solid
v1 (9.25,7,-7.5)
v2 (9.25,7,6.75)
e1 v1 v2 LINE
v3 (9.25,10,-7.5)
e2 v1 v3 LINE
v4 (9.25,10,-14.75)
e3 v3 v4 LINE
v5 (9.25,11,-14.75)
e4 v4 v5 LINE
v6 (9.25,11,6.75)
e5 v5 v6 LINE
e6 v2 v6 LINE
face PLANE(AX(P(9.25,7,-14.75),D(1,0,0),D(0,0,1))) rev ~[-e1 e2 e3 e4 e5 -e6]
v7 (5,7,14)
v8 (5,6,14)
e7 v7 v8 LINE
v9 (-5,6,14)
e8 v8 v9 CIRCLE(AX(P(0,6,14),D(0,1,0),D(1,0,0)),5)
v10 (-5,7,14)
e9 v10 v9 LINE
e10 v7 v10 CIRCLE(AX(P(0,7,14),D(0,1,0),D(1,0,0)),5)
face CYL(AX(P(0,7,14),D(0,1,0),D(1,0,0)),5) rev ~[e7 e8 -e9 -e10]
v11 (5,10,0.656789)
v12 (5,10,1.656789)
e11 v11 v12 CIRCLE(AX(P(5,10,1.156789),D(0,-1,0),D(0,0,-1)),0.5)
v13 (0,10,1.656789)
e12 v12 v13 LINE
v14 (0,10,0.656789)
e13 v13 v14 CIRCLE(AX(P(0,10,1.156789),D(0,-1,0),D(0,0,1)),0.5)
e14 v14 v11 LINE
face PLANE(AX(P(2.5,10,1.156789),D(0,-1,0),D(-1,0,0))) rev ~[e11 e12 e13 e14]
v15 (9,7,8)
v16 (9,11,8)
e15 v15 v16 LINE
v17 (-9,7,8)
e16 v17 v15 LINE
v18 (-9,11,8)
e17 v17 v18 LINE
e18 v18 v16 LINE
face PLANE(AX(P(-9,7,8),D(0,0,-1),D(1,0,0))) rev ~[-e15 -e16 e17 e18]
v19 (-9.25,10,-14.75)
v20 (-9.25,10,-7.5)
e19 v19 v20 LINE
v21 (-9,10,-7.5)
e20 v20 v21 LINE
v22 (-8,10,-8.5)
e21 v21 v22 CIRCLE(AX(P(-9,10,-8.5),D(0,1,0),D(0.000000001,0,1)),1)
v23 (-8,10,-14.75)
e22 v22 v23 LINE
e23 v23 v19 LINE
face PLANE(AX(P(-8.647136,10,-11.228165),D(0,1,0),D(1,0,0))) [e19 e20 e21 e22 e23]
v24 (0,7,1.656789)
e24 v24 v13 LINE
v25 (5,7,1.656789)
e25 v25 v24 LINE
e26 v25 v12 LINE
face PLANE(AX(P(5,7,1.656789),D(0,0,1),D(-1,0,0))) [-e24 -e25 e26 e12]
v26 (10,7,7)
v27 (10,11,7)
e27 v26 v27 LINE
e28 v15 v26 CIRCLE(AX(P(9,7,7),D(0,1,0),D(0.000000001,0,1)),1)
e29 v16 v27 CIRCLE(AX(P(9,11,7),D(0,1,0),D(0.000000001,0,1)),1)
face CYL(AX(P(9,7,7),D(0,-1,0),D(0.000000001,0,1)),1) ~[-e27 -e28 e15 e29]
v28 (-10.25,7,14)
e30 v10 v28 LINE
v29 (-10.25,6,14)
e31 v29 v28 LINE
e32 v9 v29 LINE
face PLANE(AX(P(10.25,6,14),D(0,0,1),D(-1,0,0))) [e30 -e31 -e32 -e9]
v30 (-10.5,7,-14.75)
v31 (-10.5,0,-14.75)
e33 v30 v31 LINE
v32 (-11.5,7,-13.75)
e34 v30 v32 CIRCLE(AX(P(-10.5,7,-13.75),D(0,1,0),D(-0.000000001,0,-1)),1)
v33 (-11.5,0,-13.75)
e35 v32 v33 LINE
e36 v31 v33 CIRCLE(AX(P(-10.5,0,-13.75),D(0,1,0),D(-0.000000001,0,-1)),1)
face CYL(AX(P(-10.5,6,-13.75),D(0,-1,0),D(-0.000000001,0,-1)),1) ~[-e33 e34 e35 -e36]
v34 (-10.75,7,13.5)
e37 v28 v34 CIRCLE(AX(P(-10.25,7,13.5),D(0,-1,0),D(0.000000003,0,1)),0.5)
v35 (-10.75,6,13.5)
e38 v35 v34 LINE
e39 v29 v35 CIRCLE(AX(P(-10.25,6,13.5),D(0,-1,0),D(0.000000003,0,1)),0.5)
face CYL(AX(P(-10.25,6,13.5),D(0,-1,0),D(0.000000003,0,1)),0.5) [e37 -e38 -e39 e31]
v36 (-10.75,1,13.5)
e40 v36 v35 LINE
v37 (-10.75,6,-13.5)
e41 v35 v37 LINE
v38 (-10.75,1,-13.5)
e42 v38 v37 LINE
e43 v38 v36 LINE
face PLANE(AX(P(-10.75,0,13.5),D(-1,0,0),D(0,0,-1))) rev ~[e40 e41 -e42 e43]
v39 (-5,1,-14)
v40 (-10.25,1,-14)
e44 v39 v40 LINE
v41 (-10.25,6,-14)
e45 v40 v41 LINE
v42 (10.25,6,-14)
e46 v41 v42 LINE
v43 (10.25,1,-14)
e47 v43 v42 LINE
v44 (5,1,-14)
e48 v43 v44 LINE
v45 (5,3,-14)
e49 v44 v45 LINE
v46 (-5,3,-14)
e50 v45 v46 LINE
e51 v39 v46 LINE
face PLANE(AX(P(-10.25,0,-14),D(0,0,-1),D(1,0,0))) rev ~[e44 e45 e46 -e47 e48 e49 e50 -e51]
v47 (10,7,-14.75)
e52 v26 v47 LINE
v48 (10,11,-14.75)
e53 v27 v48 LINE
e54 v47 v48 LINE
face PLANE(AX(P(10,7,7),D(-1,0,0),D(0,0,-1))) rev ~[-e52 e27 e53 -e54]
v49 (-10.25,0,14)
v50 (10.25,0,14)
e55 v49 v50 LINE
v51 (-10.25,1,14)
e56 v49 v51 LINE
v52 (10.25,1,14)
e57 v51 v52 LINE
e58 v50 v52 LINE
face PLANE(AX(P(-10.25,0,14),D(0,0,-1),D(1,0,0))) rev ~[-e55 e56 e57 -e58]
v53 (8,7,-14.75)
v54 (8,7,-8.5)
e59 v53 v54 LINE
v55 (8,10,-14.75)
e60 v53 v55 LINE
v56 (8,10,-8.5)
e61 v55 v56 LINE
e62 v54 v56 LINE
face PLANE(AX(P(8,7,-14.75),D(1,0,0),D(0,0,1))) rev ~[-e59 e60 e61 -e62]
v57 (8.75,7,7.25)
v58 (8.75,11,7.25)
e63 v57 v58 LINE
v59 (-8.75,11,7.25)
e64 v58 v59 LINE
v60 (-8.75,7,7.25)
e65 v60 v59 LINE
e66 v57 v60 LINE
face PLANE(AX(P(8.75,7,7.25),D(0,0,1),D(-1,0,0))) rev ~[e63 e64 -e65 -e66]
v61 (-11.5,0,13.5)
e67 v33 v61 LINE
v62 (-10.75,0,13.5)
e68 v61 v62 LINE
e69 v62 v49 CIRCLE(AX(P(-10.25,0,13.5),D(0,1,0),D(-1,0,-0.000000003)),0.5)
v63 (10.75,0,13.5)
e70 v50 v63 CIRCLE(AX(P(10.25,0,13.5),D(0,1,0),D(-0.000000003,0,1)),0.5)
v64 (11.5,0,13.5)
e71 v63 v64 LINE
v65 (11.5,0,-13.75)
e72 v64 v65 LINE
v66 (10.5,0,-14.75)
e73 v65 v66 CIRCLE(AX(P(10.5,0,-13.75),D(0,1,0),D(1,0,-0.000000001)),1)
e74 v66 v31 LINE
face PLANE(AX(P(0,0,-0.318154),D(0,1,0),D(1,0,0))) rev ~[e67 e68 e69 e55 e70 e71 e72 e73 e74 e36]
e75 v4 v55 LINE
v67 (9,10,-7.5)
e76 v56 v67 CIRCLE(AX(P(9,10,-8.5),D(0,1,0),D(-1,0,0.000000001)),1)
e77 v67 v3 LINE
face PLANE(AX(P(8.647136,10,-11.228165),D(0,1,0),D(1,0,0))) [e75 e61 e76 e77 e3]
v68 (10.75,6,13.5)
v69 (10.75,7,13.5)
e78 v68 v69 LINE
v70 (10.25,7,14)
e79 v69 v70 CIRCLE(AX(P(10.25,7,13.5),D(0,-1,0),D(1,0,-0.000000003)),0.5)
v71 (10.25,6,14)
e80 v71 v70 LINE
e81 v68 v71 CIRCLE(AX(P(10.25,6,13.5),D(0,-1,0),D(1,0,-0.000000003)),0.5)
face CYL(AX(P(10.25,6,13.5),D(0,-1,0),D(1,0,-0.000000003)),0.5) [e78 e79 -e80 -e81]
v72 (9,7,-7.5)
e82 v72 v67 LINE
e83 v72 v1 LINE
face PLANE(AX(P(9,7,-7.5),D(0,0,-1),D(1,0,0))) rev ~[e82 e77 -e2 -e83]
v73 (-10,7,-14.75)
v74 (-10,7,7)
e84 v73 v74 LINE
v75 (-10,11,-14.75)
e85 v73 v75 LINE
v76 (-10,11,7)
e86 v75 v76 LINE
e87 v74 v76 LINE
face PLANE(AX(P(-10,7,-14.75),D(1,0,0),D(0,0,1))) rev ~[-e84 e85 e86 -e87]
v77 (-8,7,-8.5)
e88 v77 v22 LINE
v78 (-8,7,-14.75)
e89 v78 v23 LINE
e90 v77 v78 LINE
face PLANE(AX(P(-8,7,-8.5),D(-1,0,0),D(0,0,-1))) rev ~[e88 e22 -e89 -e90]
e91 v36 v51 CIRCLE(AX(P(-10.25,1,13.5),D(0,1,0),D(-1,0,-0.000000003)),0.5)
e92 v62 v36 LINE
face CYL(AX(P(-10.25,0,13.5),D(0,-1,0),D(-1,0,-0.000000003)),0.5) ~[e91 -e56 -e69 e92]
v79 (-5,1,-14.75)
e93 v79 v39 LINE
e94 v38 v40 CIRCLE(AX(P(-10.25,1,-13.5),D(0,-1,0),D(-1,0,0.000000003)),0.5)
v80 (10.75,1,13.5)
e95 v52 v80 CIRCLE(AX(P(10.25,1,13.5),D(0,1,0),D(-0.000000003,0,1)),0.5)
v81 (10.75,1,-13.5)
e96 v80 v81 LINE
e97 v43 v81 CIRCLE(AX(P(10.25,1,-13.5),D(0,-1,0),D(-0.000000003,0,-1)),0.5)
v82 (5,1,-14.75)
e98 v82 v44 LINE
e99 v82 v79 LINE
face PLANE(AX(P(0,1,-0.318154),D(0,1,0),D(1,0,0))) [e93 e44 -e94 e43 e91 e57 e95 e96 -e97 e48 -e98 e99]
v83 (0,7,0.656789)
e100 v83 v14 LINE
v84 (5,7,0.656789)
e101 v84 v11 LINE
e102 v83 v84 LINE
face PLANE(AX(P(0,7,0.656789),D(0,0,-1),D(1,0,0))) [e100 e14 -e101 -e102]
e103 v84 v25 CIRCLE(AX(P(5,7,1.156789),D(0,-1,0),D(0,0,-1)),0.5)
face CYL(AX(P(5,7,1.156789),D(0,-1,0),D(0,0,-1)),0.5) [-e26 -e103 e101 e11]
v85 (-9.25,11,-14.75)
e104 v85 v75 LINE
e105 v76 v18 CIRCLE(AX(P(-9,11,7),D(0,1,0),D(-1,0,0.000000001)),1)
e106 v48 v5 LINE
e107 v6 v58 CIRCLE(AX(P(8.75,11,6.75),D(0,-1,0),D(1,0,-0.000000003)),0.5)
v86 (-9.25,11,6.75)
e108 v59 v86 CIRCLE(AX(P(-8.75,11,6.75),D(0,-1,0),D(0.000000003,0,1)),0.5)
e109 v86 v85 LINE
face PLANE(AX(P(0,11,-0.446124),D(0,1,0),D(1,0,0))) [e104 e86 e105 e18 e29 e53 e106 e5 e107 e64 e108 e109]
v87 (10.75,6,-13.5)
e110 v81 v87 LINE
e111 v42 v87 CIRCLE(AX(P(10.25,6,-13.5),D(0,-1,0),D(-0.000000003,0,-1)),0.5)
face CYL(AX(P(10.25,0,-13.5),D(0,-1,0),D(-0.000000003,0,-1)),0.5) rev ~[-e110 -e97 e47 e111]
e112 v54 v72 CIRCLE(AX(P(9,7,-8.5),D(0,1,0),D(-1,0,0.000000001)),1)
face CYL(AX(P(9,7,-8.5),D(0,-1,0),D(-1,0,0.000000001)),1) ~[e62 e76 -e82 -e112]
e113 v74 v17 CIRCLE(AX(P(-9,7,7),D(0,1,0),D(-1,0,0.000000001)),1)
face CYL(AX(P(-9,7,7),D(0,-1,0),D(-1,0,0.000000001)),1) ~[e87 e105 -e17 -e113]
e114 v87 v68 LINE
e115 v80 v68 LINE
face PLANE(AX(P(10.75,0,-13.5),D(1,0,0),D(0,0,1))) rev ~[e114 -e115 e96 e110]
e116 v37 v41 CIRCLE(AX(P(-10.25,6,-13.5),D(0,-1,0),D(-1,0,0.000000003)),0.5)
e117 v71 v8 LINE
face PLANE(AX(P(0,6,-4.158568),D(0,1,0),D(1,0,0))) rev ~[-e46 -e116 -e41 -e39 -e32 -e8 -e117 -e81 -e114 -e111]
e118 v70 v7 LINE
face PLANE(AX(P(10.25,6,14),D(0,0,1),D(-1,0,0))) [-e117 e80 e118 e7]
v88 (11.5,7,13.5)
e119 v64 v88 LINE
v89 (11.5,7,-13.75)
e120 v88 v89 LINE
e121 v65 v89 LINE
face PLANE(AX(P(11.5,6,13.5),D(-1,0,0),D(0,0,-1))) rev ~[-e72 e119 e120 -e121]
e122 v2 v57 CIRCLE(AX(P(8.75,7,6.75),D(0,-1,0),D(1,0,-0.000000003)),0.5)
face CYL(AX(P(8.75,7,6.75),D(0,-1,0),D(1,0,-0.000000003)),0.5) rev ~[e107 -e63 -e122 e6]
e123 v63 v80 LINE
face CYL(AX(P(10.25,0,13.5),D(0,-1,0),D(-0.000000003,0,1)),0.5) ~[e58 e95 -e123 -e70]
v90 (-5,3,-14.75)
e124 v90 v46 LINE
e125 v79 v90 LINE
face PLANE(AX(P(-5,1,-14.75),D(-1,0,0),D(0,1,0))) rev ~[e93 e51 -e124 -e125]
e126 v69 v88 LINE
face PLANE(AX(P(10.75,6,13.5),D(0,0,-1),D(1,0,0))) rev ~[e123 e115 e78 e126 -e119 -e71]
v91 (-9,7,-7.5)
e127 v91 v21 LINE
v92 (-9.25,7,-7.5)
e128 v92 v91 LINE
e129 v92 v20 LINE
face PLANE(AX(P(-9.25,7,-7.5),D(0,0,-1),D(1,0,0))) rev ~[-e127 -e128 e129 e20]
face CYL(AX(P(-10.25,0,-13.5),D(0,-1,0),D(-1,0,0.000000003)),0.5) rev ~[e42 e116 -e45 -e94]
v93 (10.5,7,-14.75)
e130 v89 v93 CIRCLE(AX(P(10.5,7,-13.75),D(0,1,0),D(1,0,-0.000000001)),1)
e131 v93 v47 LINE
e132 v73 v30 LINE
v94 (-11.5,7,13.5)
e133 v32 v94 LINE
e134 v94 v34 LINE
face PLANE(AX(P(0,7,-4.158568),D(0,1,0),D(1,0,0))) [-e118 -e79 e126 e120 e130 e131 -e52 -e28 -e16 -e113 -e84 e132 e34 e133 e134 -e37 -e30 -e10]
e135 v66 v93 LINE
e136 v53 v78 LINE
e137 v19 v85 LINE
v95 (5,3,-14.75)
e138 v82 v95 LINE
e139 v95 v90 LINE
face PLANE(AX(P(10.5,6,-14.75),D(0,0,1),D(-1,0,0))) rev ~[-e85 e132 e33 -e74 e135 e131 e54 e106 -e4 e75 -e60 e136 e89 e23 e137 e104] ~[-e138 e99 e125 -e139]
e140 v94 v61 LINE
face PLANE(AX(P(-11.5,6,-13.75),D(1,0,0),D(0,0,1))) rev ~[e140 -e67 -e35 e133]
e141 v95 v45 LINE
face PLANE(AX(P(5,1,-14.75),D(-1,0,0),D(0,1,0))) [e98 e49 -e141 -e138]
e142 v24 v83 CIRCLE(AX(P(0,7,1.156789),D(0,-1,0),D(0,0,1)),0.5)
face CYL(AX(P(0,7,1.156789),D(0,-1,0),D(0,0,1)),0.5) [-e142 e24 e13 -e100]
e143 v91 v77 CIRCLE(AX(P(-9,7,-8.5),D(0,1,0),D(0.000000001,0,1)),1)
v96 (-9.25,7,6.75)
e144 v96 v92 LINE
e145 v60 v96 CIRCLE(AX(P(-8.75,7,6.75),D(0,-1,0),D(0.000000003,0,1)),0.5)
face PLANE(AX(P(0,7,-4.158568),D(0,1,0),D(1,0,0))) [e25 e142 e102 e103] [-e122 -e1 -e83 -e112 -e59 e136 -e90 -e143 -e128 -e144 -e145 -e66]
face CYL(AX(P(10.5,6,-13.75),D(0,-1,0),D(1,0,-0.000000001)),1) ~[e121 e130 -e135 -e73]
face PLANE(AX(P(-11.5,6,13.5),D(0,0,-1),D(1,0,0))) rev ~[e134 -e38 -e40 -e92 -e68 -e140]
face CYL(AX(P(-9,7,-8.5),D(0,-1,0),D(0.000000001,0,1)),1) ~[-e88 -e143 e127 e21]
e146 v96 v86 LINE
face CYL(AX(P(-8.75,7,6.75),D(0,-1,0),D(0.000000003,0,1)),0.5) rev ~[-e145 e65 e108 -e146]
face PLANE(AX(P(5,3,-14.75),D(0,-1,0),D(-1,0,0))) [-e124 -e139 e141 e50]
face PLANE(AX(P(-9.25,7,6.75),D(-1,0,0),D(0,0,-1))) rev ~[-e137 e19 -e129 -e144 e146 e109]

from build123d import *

# Parameters (mm, degrees)
BOSS_EXTRUDE23_DEPTH = 1
BOSS_EXTRUDE27_DEPTH = 6
BOSS_EXTRUDE28_START = 6
BOSS_EXTRUDE28_DEPTH = 1
CUT_EXTRUDE9_DEPTH   = 1
SKETCH15_W           = 10
SKETCH15_H           = 2
CUT_EXTRUDE11_DEPTH  = 10
BOSS_EXTRUDE30_DEPTH = 4
BOSS_EXTRUDE31_DEPTH = 3


with BuildPart() as part:
    # Sketch10 → Boss-Extrude23 (new body)
    with BuildSketch(Plane(origin=(0, 0, 0), x_dir=(1, 0, 0), z_dir=(0, 1, 0))):
        with BuildLine():
            Line((-11.5, -13.5), (-10.75, -13.5))
            ThreePointArc((-10.75, -13.5), (-10.603553391, -13.853553391), (-10.25, -14))
            Line((-10.25, -14), (10.25, -14))
            ThreePointArc((10.25, -14), (10.603553391, -13.853553391), (10.75, -13.5))
            Line((10.75, -13.5), (11.5, -13.5))
            Line((11.5, -13.5), (11.5, 13.75))
            ThreePointArc((11.5, 13.75), (11.207106781, 14.457106781), (10.5, 14.75))
            Line((10.5, 14.75), (-10.5, 14.75))
            ThreePointArc((-10.5, 14.75), (-11.207106781, 14.457106781), (-11.5, 13.75))
            Line((-11.5, 13.75), (-11.5, -13.5))
        make_face()
    extrude(amount=BOSS_EXTRUDE23_DEPTH)

    # Sketch10<6> → Boss-Extrude27 (add)
    with BuildSketch(Plane(origin=(0, 0, 0), x_dir=(1, 0, 0), z_dir=(0, 1, 0))):
        with BuildLine():
            Line((-11.5, -13.5), (-10.75, -13.5))
            Line((-10.75, -13.5), (-10.75, 13.5))
            ThreePointArc((-10.75, 13.5), (-10.603553391, 13.853553391), (-10.25, 14))
            Line((-10.25, 14), (10.25, 14))
            ThreePointArc((10.25, 14), (10.603553391, 13.853553391), (10.75, 13.5))
            Line((10.75, 13.5), (10.75, -13.5))
            Line((10.75, -13.5), (11.5, -13.5))
            Line((11.5, -13.5), (11.5, 13.75))
            ThreePointArc((11.5, 13.75), (11.207106781, 14.457106781), (10.5, 14.75))
            Line((10.5, 14.75), (4.75, 14.75))
            Line((4.75, 14.75), (-4.75, 14.75))
            Line((-4.75, 14.75), (-10.5, 14.75))
            ThreePointArc((-10.5, 14.75), (-11.207106781, 14.457106781), (-11.5, 13.75))
            Line((-11.5, 13.75), (-11.5, -13.5))
        make_face()
    extrude(amount=BOSS_EXTRUDE27_DEPTH)

    # Sketch10<7> → Boss-Extrude28 (add)
    with BuildSketch(Plane(origin=(0, 0, 0), x_dir=(1, 0, 0), z_dir=(0, 1, 0)).offset(BOSS_EXTRUDE28_START)):
        with BuildLine():
            Line((-11.5, -13.5), (-10.75, -13.5))
            ThreePointArc((-10.75, -13.5), (-10.603553391, -13.853553391), (-10.25, -14))
            Line((-10.25, -14), (10.25, -14))
            ThreePointArc((10.25, -14), (10.603553391, -13.853553391), (10.75, -13.5))
            Line((10.75, -13.5), (11.5, -13.5))
            Line((11.5, -13.5), (11.5, 13.75))
            ThreePointArc((11.5, 13.75), (11.207106781, 14.457106781), (10.5, 14.75))
            Line((10.5, 14.75), (-10.5, 14.75))
            ThreePointArc((-10.5, 14.75), (-11.207106781, 14.457106781), (-11.5, 13.75))
            Line((-11.5, 13.75), (-11.5, -13.5))
        make_face()
    extrude(amount=BOSS_EXTRUDE28_DEPTH)

    # Sketch13 → Cut-Extrude9 (cut)
    with BuildSketch(Plane(origin=(0, 7, 0), x_dir=(1, 0, 0), z_dir=(0, 1, 0))):
        with BuildLine():
            Line((-5, -14), (5, -14))
            ThreePointArc((5, -14), (0, -9), (-5, -14))
        make_face()
    extrude(amount=-CUT_EXTRUDE9_DEPTH, mode=Mode.SUBTRACT)

    # Sketch15 → Cut-Extrude11 (cut)
    with BuildSketch(Plane(origin=(0, 0, -14.75), x_dir=(-1, 0, 0), z_dir=(0, 0, -1))):
        with Locations((0, 2)):
            Rectangle(SKETCH15_W, SKETCH15_H)
    extrude(amount=-CUT_EXTRUDE11_DEPTH, mode=Mode.SUBTRACT)

    # Sketch17 → Boss-Extrude30 (add)
    with BuildSketch(Plane(origin=(0, 7, 0), x_dir=(1, 0, 0), z_dir=(0, 1, 0))):
        with BuildLine():
            Line((-9.25, -6.75), (-9.25, 14.75))
            Line((-9.25, 14.75), (-10, 14.75))
            Line((-10, 14.75), (-10, -7))
            ThreePointArc((-10, -7), (-9.707106781, -7.707106781), (-9, -8))
            Line((-9, -8), (9, -8))
            ThreePointArc((9, -8), (9.707106781, -7.707106781), (10, -7))
            Line((10, -7), (10, 14.75))
            Line((10, 14.75), (9.25, 14.75))
            Line((9.25, 14.75), (9.25, -6.75))
            ThreePointArc((9.25, -6.75), (9.103553391, -7.103553391), (8.75, -7.25))
            Line((8.75, -7.25), (-8.75, -7.25))
            ThreePointArc((-8.75, -7.25), (-9.103553391, -7.103553391), (-9.25, -6.75))
        make_face()
    extrude(amount=BOSS_EXTRUDE30_DEPTH)

    # Sketch18 → Boss-Extrude31 (add)
    with BuildSketch(Plane(origin=(0, 7, 0), x_dir=(1, 0, 0), z_dir=(0, 1, 0))):
        with BuildLine():
            ThreePointArc((8, 8.5), (8.292893219, 7.792893219), (9, 7.5))
            Line((9, 7.5), (9.25, 7.5))
            Line((9.25, 7.5), (9.25, 14.75))
            Line((9.25, 14.75), (8, 14.75))
            Line((8, 14.75), (8, 8.5))
        make_face()
        with BuildLine():
            Line((-8, 8.5), (-8, 14.75))
            Line((-8, 14.75), (-9.25, 14.75))
            Line((-9.25, 14.75), (-9.25, 7.5))
            Line((-9.25, 7.5), (-9, 7.5))
            ThreePointArc((-9, 7.5), (-8.292893219, 7.792893219), (-8, 8.5))
        make_face()
        with BuildLine():
            Line((0, -1.656788855), (5, -1.656788855))
            ThreePointArc((5, -1.656788855), (5.5, -1.156788855), (5, -0.656788855))
            Line((5, -0.656788855), (0, -0.656788855))
            ThreePointArc((0, -0.656788855), (-0.5, -1.156788855), (0, -1.656788855))
        make_face()
    extrude(amount=BOSS_EXTRUDE31_DEPTH)


solid = part.part
